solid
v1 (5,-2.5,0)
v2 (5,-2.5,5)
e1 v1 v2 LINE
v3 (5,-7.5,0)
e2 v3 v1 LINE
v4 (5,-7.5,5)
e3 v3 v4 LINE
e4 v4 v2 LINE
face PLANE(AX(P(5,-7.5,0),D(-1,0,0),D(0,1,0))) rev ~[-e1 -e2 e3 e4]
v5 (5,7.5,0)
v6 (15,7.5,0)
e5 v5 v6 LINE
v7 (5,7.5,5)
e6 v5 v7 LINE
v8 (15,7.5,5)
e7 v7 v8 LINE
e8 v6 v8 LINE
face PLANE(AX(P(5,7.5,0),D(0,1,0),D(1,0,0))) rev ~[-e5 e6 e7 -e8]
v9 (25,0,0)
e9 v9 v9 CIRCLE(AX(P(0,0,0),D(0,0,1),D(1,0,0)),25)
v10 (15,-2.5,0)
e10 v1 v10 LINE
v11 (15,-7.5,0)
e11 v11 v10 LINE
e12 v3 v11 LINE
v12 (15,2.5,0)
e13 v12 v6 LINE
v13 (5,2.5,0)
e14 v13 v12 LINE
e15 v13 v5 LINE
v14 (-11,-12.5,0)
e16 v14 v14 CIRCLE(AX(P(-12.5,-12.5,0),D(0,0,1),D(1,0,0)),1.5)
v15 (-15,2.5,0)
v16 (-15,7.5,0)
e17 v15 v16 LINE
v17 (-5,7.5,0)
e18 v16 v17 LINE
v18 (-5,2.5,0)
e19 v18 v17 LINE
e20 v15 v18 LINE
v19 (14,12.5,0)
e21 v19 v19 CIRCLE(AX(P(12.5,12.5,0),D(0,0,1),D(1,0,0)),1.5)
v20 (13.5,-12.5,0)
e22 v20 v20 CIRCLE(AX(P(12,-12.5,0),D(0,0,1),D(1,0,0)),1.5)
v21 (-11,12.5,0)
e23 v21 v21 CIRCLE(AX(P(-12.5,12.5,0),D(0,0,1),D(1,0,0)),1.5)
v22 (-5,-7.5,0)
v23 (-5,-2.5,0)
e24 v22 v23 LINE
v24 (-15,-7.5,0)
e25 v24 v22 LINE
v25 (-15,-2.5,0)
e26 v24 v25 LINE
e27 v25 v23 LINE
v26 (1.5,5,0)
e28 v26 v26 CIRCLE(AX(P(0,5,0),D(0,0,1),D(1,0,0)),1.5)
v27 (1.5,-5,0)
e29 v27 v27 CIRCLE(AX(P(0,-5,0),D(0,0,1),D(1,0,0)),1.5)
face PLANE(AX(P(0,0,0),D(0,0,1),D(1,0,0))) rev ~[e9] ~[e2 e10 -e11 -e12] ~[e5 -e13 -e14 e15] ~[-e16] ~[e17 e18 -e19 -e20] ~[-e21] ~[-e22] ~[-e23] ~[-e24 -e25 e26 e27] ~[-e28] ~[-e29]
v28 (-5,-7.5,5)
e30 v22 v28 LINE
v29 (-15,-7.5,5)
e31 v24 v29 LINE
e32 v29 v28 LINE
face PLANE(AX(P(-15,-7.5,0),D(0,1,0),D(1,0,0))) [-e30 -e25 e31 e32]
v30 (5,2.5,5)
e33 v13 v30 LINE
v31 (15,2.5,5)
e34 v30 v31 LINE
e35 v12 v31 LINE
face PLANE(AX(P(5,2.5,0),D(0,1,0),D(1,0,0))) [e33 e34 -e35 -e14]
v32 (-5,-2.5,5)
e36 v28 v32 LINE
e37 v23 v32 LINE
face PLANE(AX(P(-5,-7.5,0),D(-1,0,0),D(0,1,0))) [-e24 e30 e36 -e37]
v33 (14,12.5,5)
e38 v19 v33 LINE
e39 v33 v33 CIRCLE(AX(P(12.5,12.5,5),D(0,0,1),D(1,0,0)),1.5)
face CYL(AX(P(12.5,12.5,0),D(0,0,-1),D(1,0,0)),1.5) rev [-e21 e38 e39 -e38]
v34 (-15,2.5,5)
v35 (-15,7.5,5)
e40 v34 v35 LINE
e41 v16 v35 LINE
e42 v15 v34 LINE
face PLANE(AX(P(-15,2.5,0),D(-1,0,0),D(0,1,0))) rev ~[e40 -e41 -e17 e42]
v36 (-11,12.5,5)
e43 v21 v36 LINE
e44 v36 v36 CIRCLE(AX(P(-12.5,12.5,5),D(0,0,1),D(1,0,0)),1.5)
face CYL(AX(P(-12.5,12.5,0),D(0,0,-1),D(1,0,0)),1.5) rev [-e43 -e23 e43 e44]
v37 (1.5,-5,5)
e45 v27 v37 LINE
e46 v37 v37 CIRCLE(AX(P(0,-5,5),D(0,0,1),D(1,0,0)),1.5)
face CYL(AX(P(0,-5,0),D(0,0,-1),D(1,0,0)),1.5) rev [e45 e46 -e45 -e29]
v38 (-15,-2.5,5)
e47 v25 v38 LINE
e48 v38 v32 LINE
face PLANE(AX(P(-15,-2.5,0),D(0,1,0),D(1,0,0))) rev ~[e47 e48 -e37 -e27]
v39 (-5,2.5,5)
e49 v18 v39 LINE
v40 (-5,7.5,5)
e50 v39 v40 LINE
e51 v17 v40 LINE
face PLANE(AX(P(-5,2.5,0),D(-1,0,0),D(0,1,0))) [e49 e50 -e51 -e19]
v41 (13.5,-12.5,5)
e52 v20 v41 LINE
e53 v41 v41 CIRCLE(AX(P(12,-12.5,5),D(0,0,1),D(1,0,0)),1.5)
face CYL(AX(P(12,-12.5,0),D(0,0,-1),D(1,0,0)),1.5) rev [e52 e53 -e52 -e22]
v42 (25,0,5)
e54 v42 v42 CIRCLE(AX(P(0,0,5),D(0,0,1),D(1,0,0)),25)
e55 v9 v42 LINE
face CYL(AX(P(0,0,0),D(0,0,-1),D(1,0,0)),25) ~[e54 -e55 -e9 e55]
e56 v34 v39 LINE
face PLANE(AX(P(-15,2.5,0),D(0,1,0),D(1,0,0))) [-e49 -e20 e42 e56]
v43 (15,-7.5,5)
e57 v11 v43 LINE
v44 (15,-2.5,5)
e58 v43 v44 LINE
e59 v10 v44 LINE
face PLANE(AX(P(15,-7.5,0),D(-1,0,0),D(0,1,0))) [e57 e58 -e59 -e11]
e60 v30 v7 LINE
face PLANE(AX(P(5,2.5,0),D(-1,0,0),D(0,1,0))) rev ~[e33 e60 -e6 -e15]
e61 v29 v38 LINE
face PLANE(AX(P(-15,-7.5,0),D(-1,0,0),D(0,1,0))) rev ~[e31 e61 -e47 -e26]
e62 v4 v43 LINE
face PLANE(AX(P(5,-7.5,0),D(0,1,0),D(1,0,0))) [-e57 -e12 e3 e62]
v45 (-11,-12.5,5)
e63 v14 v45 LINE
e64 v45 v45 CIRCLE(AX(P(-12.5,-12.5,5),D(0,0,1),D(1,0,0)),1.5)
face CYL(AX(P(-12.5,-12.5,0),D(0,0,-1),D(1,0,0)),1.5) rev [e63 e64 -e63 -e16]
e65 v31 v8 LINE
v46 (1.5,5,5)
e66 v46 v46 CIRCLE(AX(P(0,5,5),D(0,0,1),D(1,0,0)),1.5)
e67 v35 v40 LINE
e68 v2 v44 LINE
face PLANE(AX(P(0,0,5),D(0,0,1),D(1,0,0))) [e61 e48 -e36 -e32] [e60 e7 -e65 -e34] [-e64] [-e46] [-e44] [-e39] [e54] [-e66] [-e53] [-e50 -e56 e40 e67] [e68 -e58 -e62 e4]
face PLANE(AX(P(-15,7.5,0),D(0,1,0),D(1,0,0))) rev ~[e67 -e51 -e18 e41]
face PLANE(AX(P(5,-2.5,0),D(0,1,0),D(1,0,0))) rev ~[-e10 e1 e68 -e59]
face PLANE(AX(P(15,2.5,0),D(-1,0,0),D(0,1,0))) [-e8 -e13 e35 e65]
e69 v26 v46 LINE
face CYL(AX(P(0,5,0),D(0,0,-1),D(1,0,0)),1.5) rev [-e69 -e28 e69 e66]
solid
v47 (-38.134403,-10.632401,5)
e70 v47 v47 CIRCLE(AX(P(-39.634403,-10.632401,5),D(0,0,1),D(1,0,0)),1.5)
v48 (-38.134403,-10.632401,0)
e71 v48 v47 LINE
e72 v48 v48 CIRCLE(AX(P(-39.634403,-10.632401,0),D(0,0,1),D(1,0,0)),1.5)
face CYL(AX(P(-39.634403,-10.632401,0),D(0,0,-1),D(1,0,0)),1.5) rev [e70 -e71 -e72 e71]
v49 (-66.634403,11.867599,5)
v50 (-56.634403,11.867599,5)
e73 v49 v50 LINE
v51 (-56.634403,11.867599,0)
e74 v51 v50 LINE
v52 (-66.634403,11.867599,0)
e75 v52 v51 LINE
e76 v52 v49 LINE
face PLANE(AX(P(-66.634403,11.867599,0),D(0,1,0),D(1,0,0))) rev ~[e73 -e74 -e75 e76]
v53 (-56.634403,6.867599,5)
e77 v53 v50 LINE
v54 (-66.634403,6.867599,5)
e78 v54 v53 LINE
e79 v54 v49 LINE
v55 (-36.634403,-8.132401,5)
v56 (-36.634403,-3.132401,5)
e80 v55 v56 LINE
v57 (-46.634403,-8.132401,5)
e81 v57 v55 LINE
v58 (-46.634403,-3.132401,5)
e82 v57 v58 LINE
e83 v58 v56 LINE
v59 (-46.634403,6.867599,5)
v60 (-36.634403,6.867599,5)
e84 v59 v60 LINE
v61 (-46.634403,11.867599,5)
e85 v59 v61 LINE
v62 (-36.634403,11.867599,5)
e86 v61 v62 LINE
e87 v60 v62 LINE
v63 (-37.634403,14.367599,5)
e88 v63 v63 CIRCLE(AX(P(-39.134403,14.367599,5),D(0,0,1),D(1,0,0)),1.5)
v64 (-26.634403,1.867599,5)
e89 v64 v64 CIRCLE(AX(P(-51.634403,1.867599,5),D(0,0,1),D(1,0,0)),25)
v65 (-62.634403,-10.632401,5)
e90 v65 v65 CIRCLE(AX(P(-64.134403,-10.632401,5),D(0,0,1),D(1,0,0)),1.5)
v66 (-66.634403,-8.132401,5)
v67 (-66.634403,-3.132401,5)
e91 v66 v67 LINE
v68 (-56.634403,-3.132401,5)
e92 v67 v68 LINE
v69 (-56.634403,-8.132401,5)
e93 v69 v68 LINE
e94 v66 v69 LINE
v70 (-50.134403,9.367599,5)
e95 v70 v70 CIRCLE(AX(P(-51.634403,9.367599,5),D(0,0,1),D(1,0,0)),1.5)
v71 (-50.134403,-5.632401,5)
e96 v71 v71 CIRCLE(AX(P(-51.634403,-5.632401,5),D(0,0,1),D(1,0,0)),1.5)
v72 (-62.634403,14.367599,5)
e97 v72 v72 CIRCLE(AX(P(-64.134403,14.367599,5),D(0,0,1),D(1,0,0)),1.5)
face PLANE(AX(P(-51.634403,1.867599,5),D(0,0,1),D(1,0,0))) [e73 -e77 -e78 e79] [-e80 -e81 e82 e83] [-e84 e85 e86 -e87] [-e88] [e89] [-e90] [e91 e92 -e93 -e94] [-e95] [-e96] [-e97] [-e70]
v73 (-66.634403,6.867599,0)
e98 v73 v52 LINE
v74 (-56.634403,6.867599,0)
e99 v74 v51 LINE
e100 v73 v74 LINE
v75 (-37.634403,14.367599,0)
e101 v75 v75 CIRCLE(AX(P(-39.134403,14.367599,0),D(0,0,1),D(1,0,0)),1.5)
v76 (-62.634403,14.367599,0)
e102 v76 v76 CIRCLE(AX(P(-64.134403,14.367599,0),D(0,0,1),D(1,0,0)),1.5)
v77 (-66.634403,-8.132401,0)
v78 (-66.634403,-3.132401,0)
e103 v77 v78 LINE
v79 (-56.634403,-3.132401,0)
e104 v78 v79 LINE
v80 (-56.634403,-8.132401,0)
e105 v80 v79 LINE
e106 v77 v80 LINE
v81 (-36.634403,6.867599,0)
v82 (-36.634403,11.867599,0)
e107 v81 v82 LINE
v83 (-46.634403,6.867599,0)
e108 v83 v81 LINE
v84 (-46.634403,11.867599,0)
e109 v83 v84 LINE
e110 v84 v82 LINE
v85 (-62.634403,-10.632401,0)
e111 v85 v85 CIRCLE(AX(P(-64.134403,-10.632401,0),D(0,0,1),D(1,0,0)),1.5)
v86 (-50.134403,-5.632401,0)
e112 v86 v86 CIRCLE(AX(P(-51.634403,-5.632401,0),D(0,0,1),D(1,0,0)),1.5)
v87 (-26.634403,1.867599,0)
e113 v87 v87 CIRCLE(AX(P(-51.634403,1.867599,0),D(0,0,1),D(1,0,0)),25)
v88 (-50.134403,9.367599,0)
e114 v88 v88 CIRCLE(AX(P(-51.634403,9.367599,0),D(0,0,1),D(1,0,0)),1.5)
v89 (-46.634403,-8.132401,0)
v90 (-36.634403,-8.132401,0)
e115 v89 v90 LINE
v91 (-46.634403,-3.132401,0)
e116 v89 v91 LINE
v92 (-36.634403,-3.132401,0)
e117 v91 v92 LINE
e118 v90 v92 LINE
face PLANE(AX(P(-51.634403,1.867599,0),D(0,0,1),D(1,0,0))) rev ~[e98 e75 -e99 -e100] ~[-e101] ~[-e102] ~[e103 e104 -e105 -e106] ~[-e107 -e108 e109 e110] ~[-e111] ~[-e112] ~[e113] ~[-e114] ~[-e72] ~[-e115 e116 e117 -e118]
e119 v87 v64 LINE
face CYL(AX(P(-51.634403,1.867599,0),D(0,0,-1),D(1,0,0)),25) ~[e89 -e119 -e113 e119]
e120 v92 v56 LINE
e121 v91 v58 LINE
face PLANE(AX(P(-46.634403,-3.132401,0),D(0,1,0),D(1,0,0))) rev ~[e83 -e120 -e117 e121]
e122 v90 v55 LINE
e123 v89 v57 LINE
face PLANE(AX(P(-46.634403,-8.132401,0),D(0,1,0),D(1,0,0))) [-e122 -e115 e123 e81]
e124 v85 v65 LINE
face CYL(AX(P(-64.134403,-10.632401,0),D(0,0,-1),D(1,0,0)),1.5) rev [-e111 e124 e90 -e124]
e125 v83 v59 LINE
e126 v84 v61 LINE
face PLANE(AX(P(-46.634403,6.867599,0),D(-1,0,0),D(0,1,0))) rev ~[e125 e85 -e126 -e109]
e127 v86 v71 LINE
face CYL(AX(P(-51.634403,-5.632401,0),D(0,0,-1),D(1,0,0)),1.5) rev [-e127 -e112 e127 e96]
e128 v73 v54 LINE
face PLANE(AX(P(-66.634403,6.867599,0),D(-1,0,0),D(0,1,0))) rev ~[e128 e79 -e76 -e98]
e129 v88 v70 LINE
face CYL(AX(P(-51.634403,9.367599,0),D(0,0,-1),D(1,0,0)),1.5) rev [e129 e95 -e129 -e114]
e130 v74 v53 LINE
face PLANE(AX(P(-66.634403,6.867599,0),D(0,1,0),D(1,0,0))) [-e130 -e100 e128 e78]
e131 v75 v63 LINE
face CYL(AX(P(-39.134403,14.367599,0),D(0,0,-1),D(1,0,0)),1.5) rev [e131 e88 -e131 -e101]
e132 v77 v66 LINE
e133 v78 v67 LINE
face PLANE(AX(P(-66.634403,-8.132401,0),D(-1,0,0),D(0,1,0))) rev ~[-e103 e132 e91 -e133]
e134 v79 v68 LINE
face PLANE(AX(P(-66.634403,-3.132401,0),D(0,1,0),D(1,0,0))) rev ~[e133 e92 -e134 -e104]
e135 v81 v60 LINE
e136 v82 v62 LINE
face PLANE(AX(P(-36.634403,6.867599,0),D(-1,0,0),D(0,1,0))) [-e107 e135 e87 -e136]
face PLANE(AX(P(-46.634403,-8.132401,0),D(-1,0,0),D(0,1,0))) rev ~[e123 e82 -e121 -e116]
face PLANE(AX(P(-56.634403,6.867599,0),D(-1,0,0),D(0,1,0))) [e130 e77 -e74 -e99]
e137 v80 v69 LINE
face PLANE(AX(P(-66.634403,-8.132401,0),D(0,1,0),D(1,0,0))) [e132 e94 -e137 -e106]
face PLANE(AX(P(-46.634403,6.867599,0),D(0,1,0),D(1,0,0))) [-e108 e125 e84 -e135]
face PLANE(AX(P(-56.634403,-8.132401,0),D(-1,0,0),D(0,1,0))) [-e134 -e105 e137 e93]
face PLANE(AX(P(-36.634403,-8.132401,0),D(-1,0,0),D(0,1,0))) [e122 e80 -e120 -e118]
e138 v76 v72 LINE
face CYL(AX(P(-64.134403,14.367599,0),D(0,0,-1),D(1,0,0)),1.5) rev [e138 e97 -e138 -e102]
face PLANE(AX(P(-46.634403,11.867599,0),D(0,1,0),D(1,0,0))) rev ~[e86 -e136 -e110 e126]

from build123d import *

# Parameters (mm, degrees)
F0_R     = 25
F0_R_2   = 1.5
F0_W     = 10
F0_H     = 5
F1_DEPTH = 5
F2_R     = 25
F2_R_2   = 1.5
F2_W     = 10
F2_H     = 5
F3_DEPTH = 5


with BuildPart() as f1:
    # F0 (on Top) → F1 (new body)
    with BuildSketch(Plane.XY):
        Circle(F0_R)
        with Locations((-12.5, -12.5)):
            Circle(F0_R_2, mode=Mode.SUBTRACT)
        with Locations((-10, -5)):
            Rectangle(F0_W, F0_H, mode=Mode.SUBTRACT)
        with Locations((12, -12.5)):
            Circle(F0_R_2, mode=Mode.SUBTRACT)
        with Locations((0, -5)):
            Circle(F0_R_2, mode=Mode.SUBTRACT)
        with Locations((10, -5)):
            Rectangle(F0_W, F0_H, mode=Mode.SUBTRACT)
        with Locations((-10, 5)):
            Rectangle(F0_W, F0_H, mode=Mode.SUBTRACT)
        with Locations((-12.5, 12.5)):
            Circle(F0_R_2, mode=Mode.SUBTRACT)
        with Locations((0, 5)):
            Circle(F0_R_2, mode=Mode.SUBTRACT)
        with Locations((10, 5)):
            Rectangle(F0_W, F0_H, mode=Mode.SUBTRACT)
        with Locations((12.5, 12.5)):
            Circle(F0_R_2, mode=Mode.SUBTRACT)
    extrude(amount=F1_DEPTH)


with BuildPart() as f3:
    # F2 (on Top) → F3 (new body)
    with BuildSketch(Plane.XY):
        with Locations((-51.634403, 1.867599)):
            Circle(F2_R)
        with Locations((-64.134403, -10.632401)):
            Circle(F2_R_2, mode=Mode.SUBTRACT)
        with Locations((-61.634403, -5.632401)):
            Rectangle(F2_W, F2_H, mode=Mode.SUBTRACT)
        with Locations((-39.634403, -10.632401)):
            Circle(F2_R_2, mode=Mode.SUBTRACT)
        with Locations((-51.634403, -5.632401)):
            Circle(F2_R_2, mode=Mode.SUBTRACT)
        with Locations((-41.634403, -5.632401)):
            Rectangle(F2_W, F2_H, mode=Mode.SUBTRACT)
        with Locations((-61.634403, 9.367599)):
            Rectangle(F2_W, F2_H, mode=Mode.SUBTRACT)
        with Locations((-64.134403, 14.367599)):
            Circle(F2_R_2, mode=Mode.SUBTRACT)
        with Locations((-51.634403, 9.367599)):
            Circle(F2_R_2, mode=Mode.SUBTRACT)
        with Locations((-41.634403, 9.367599)):
            Rectangle(F2_W, F2_H, mode=Mode.SUBTRACT)
        with Locations((-39.134403, 14.367599)):
            Circle(F2_R_2, mode=Mode.SUBTRACT)
    extrude(amount=F3_DEPTH)


solid = Compound([f1.part, f3.part])
